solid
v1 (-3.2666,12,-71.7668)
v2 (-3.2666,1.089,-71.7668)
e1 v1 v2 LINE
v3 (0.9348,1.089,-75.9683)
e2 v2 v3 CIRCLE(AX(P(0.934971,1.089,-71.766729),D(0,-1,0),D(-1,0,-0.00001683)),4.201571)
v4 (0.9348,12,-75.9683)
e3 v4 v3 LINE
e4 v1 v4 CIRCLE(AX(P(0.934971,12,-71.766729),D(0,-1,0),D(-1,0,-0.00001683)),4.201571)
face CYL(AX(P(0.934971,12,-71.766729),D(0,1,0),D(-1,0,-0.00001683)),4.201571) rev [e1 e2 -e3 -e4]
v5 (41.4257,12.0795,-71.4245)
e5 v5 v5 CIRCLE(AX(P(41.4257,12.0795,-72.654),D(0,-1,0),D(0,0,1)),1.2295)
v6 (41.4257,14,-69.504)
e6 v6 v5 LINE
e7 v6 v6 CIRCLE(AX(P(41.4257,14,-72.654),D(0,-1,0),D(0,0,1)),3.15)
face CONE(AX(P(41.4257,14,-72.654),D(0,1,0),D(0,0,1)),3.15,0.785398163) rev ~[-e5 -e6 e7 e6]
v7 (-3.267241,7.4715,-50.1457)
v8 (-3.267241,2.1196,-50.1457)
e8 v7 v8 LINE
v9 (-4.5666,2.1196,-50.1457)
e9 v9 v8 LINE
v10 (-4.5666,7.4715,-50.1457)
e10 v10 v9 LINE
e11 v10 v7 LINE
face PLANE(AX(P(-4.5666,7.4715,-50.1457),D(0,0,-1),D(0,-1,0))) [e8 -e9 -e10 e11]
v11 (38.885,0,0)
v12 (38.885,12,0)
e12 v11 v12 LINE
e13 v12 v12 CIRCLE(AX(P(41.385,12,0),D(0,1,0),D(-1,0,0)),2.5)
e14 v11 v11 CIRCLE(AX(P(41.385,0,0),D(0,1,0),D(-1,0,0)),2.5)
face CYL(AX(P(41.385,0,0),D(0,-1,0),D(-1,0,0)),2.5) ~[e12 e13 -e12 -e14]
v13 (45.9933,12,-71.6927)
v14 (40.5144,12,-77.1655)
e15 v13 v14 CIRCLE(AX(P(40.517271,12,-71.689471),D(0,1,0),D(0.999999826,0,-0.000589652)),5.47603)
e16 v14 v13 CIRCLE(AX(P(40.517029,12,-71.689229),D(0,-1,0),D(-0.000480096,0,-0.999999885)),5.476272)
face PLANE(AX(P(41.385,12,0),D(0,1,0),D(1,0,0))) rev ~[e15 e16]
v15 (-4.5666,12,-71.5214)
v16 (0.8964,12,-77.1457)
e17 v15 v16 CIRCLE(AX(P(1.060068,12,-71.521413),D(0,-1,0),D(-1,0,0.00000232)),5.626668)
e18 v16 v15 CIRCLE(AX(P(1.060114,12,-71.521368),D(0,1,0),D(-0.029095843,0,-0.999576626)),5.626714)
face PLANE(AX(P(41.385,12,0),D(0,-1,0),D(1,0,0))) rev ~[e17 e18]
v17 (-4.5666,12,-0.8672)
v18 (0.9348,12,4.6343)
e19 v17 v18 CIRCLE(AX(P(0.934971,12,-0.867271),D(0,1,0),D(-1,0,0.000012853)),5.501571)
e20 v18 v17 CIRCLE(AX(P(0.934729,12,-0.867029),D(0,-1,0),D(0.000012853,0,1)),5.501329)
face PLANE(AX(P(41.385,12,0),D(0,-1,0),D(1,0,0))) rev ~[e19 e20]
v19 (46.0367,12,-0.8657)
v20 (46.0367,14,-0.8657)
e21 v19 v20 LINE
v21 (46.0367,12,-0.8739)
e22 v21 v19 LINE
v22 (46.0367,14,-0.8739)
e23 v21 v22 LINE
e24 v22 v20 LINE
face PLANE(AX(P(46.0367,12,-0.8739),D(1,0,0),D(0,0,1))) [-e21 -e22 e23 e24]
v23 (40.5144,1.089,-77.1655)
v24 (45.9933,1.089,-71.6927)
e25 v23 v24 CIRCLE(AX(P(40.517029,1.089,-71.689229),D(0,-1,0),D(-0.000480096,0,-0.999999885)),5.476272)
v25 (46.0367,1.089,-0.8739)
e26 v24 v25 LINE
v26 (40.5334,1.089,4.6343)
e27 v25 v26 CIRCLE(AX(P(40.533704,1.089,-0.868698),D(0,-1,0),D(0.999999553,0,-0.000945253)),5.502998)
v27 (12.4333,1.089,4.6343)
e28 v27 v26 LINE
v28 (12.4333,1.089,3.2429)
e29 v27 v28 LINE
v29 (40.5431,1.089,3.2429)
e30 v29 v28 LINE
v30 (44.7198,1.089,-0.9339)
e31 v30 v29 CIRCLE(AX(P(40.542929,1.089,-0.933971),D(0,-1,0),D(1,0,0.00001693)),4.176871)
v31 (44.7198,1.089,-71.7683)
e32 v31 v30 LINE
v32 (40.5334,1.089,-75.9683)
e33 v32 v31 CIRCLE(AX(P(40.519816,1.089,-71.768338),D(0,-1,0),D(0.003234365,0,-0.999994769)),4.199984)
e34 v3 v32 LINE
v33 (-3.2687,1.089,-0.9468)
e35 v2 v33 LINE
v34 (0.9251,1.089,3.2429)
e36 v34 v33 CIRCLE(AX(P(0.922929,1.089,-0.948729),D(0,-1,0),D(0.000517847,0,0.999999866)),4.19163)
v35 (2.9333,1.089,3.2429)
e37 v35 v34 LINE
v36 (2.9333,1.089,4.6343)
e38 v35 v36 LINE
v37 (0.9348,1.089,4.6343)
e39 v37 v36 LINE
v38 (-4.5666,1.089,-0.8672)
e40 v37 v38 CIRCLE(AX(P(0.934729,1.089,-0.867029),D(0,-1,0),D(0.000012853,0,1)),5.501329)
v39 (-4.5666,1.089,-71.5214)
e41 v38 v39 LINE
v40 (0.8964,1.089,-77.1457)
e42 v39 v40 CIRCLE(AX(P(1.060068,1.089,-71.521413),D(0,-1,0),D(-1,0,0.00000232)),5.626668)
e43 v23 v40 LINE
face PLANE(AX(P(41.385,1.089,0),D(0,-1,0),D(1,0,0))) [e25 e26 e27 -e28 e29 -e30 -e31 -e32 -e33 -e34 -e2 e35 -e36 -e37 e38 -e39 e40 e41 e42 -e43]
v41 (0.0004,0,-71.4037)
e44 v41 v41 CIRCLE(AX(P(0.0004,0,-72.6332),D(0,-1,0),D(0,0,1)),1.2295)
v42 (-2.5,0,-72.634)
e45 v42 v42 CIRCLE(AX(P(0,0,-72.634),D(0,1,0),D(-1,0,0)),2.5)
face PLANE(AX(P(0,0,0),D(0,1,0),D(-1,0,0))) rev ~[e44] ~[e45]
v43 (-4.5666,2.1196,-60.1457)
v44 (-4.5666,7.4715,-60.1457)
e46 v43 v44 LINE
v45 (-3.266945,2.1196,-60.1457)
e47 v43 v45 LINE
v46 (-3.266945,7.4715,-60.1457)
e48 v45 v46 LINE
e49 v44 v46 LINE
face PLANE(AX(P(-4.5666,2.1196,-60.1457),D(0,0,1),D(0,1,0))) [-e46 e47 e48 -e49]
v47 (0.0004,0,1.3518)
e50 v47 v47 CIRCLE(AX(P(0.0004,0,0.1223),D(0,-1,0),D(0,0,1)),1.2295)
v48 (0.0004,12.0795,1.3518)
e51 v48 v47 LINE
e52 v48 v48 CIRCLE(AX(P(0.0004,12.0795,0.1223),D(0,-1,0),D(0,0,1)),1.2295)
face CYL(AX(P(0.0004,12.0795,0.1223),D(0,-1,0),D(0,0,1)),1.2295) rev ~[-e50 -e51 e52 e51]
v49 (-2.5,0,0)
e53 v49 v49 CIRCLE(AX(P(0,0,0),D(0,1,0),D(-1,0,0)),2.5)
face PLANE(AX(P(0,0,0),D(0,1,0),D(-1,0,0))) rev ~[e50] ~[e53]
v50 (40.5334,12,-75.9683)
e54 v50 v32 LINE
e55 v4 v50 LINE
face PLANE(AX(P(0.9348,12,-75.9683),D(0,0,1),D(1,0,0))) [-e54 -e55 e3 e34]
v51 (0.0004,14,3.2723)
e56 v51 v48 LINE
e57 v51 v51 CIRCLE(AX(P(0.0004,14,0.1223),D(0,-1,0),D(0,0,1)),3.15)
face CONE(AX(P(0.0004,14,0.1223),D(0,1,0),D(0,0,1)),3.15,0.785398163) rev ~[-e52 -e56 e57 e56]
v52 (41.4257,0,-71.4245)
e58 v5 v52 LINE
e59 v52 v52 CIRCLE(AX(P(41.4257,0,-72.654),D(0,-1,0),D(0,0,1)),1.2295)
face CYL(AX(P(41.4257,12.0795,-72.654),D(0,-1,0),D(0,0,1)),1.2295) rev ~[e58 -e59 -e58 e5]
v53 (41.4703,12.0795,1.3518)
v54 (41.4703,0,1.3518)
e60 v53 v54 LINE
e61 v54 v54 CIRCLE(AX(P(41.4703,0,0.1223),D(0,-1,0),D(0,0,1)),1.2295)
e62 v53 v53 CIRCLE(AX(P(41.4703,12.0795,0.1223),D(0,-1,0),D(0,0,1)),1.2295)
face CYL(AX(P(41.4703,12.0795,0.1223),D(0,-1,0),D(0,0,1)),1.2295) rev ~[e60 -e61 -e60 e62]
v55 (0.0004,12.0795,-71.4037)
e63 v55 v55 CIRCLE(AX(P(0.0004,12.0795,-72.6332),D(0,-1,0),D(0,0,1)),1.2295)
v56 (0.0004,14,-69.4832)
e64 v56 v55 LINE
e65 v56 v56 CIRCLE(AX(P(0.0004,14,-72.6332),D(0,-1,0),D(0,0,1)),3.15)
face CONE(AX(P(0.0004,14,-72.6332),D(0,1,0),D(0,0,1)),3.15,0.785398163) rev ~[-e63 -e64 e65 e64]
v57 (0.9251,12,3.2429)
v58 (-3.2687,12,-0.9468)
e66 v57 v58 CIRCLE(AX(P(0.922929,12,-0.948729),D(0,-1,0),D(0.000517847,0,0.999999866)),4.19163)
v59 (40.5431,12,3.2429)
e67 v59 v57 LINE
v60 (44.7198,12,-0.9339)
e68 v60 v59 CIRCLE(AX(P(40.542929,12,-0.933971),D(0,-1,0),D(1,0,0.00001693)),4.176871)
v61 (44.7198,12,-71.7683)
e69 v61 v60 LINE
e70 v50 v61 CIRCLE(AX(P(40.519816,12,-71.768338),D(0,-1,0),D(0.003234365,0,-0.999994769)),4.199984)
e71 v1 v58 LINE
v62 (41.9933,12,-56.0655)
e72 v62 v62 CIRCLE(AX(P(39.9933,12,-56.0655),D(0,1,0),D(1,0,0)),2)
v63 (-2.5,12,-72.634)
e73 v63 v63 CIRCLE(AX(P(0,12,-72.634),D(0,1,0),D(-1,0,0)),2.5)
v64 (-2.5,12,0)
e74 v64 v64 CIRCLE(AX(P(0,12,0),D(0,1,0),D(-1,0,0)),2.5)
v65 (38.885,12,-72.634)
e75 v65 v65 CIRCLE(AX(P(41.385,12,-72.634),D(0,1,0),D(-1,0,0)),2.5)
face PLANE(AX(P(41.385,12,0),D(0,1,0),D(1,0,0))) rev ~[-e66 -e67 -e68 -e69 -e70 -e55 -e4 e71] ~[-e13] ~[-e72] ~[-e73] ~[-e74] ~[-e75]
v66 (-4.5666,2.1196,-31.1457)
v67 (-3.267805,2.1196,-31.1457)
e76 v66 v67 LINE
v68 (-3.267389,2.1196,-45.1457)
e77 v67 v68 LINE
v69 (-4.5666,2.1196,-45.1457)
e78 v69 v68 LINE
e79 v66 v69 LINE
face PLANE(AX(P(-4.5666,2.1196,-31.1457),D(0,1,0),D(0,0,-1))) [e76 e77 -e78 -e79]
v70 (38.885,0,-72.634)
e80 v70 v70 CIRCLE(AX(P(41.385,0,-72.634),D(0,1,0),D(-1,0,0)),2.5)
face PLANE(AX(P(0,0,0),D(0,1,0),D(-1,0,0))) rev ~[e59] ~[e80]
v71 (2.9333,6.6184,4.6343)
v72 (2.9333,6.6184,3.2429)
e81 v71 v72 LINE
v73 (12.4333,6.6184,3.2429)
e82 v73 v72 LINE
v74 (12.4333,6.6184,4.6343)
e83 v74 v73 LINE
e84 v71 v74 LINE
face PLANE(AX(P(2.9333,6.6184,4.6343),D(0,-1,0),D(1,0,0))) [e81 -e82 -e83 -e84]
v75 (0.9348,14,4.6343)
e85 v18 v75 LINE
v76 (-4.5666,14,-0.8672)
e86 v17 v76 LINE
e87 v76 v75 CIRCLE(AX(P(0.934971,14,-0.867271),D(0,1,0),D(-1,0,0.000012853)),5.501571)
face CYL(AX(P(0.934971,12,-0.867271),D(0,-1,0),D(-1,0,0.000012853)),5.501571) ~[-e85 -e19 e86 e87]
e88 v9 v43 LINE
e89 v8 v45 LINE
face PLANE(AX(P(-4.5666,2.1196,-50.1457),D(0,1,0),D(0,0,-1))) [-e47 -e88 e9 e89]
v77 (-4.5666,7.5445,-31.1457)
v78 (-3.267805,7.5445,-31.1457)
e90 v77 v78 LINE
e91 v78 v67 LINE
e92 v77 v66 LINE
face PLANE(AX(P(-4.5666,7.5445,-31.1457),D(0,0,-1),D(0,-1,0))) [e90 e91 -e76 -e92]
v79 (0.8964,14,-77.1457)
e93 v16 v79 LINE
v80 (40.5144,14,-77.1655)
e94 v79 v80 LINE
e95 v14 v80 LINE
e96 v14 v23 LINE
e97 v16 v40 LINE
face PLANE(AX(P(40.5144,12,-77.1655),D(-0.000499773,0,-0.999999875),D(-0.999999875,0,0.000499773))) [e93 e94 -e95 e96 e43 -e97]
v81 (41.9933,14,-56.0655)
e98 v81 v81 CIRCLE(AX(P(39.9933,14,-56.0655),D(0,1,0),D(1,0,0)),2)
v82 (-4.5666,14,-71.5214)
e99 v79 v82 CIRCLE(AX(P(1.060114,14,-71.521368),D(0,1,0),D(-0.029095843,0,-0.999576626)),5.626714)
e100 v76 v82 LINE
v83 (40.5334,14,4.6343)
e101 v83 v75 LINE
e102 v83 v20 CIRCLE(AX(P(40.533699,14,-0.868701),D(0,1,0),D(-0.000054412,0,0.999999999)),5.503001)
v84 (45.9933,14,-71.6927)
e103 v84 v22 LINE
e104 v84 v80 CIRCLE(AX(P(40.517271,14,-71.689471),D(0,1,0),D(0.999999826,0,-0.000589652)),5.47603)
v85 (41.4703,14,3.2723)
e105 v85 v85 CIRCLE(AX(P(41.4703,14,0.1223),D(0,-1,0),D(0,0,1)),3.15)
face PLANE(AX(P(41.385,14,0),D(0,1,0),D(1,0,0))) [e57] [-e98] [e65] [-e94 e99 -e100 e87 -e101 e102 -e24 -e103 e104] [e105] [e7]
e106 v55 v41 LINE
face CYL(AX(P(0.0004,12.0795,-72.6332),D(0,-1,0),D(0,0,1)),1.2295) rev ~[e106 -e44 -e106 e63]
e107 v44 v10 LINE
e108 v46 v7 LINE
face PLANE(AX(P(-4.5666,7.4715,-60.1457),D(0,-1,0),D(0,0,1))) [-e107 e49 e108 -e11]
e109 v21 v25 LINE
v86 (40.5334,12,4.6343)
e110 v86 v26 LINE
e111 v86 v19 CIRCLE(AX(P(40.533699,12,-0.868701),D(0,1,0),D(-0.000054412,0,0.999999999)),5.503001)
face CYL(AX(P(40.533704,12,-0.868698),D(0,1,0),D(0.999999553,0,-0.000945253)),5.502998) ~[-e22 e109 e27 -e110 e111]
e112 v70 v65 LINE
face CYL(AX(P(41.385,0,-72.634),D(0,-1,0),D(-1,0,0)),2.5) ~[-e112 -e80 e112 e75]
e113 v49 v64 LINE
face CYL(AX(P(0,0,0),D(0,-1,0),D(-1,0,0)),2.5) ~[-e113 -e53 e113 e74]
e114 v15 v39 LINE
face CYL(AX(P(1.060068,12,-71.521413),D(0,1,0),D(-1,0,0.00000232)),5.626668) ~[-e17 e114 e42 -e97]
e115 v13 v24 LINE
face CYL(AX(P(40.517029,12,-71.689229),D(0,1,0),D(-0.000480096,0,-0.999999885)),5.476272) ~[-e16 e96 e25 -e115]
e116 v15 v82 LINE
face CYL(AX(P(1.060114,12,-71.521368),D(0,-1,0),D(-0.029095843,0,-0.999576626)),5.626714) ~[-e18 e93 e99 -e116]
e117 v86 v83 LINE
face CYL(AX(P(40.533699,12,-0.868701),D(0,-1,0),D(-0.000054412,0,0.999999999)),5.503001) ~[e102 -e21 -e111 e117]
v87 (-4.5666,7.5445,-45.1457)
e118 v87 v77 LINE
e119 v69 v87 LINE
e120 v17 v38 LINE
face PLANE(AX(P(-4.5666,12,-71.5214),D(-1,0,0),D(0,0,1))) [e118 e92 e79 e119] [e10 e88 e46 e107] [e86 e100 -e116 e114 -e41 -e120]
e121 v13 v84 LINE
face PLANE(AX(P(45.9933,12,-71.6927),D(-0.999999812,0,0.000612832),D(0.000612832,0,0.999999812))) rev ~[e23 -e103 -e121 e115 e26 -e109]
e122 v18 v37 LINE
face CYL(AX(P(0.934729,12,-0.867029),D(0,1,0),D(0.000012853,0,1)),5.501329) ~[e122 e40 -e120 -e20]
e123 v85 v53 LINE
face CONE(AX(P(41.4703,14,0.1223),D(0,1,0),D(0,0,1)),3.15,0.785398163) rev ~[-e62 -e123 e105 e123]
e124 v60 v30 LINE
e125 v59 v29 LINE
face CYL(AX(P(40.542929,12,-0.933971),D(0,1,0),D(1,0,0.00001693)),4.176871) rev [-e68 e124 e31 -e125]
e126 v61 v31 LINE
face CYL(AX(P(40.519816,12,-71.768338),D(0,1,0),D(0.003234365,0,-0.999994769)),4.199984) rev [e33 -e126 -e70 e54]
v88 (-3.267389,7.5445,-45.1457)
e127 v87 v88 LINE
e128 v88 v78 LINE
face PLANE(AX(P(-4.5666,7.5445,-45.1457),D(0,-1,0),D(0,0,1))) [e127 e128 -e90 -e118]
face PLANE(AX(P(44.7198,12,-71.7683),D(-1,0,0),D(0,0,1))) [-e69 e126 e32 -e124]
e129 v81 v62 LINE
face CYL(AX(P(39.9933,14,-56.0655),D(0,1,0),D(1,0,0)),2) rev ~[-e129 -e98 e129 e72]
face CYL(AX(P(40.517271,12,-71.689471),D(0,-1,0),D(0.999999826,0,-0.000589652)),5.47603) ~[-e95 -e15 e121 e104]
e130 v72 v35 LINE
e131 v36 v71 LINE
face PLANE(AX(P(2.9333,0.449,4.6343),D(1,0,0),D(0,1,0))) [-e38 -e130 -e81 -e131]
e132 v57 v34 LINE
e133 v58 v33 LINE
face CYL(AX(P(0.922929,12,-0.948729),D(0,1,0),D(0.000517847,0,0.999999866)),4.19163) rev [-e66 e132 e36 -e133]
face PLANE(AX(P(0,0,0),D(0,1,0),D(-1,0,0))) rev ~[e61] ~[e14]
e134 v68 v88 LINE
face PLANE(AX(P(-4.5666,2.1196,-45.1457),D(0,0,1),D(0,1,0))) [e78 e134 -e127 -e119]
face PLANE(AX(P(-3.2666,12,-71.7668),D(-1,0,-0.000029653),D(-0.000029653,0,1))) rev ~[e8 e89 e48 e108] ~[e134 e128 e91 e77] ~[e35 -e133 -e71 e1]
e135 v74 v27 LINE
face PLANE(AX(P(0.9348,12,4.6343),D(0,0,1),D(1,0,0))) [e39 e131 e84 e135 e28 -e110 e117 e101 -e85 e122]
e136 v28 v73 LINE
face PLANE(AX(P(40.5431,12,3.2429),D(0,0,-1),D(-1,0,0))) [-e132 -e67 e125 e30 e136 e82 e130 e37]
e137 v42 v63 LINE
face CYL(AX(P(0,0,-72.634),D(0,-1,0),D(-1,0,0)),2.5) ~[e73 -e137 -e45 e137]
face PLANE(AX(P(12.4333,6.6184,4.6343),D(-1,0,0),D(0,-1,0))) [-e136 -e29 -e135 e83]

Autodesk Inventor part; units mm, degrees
ref_plane "YZ Plane" through (0, 0, 0) normal (1, 0, 0) x (0, 1, 0)
ref_plane "XZ Plane" through (0, 0, 0) normal (0, 1, 0) x (-1, 0, 0)
ref_plane "XY Plane" through (0, 0, 0) normal (0, 0, 1) x (1, 0, 0)
sketch "Эскиз1" plane through (0, 0, 0) normal (0, 1, 0) x (-1, 0, 0)
  circle A0 centre (0, 0) radius 2.5
  circle A1 centre (0, -72.634) radius 2.5
  circle A2 centre (-41.385, 0) radius 2.5
  circle A3 centre (-41.385, -72.634) radius 2.5
  dimension "d1" = 5
  dimension "d3" = 5
  dimension "d5" = 5
  dimension "d7" = 5
extrude "Выдавливание1" add sketch "Эскиз1" along normal blind 12
sketch "Эскиз2" plane through (41.385, 12, 0) normal (0, 1, 0) x (1, 0, 0)
  arc A0 (-44.6516, 0.8672) -> (-40.4502, -3.3343) centre (-40.4502, 0.8672) ccw
  arc A1 (-40.4599, 75.8769) -> (-44.6537, 71.6872) centre (-40.462, 71.6851) ccw
  arc A2 (3.3348, 71.7001) -> (-0.8419, 75.8769) centre (-0.8419, 71.7001) ccw
  arc A3 (-0.8516, -3.3343) -> (3.3348, 0.8657) centre (-0.8652, 0.8657) ccw
  line L0 (-40.4502, -3.3343) -> (-0.8516, -3.3343)
  line L1 (3.3348, 0.8657) -> (3.3348, 71.7001)
  line L2 (-0.8419, 75.8769) -> (-40.4599, 75.8769)
  arc A4 (-45.9516, 0.8672) -> (-40.4502, -4.6343) centre (-40.4502, 0.8672) ccw
  arc A5 (4.6083, 71.6927) -> (-0.8706, 77.1655) centre (-0.8679, 71.6894) ccw
  arc A6 (-0.8516, -4.6343) -> (4.6517, 0.8657) centre (-0.8513, 0.8687) ccw
  line L3 (-45.9516, 0.8672) -> (-45.9516, 71.5214)
  line L4 (-40.4886, 77.1457) -> (-0.8706, 77.1655)
  line L5 (4.6083, 71.6927) -> (4.6517, 0.8739)
  line L6 (-0.8516, -4.6343) -> (-40.4502, -4.6343)
  line L7 (-44.6516, 0.8672) -> (-44.6537, 71.6872)
  circle A7 centre (0, 72.634) radius 1.5
  circle A8 centre (0, 72.634) radius 1.5 projected
  line L8 (4.6517, 0.8739) -> (4.6517, 0.8657)
  line L9 (-40.4886, 77.1457) -> (-24.1126, 77.1457) construction
  arc A9 (-40.4886, 77.1457) -> (-45.9516, 71.5214) centre (-40.3249, 71.5214) ccw
  point P0 (-41.385, 0)
extrude "Выдавливание2" add sketch "Эскиз2" along normal blind 2 contours L7 A1 L2 A2 L1 A3 L0 A0 | L3 A9 L4 A5 L5 L8 A6 L6 A4 | A7
sketch "Эскиз4" plane through (41.385, 12, 0) normal (0, -1, 0) x (1, 0, 0)
  arc A0 (-44.6516, -71.7668) -> (-40.4502, -75.9683) centre (-40.4502, -71.7668) ccw
  arc A1 (-40.4599, 3.2429) -> (-44.6537, -0.9468) centre (-40.462, -0.9489) ccw
  arc A2 (3.3348, -0.9339) -> (-0.8419, 3.2429) centre (-0.8419, -0.9339) ccw
  arc A3 (-0.8516, -75.9683) -> (3.3348, -71.7683) centre (-0.8652, -71.7683) ccw
  line L0 (-40.4502, -75.9683) -> (-0.8516, -75.9683)
  line L1 (3.3348, -71.7683) -> (3.3348, -0.9339)
  line L2 (-0.8419, 3.2429) -> (-40.4599, 3.2429)
  line L3 (-44.6516, -71.7668) -> (-44.6537, -0.9468)
  arc A4 (4.6517, -0.8739) -> (-0.8516, 4.6343) centre (-0.8513, -0.8687) ccw projected
  line L4 (-0.8706, -77.1655) -> (-40.4886, -77.1457) projected
  line L5 (-40.4886, -77.1457) -> (-0.8706, -77.1655)
  arc A5 (-45.9516, -71.5214) -> (-40.4886, -77.1457) centre (-40.3249, -71.5214) ccw projected
  line L6 (-45.9516, -71.5214) -> (-45.9516, -0.8739)
  line L7 (-40.4502, 4.6343) -> (-0.8516, 4.6343) projected
  line L8 (-40.4502, 4.6343) -> (-0.8516, 4.6343)
  arc A6 (4.6517, -0.8739) -> (-0.8516, 4.6343) centre (-0.8513, -0.8687) ccw
  arc A7 (-0.8706, -77.1655) -> (4.6083, -71.6927) centre (-0.8679, -71.6894) ccw projected
  line L9 (4.6083, -71.6927) -> (4.6517, -0.8739)
  arc A8 (-0.8706, -77.1655) -> (4.6083, -71.6927) centre (-0.8679, -71.6894) ccw projected
  line L10 (4.6517, -0.8739) -> (4.6083, -71.6927) projected
  arc A9 (-0.8706, -77.1655) -> (4.6083, -71.6927) centre (-0.8679, -71.6894) ccw
  arc A10 (-45.9516, -71.5214) -> (-40.4886, -77.1457) centre (-40.3249, -71.5214) ccw projected
  arc A11 (-40.4502, 4.6343) -> (-45.9516, -0.8672) centre (-40.4502, -0.8672) ccw projected
  arc A12 (-40.4502, 4.6343) -> (-45.9516, -0.8672) centre (-40.4502, -0.8672) ccw
  arc A13 (-45.9516, -71.5214) -> (-40.4886, -77.1457) centre (-40.3249, -71.5214) ccw
  arc A14 (-40.4502, 4.6343) -> (-45.9516, -0.8672) centre (-40.4502, -0.8672) ccw projected
  line L11 (-45.9516, -0.8739) -> (-45.9516, -0.8672)
  point P0 (-41.385, 0)
extrude "Выдавливание4" add sketch "Эскиз4" along normal blind 10.911
sketch "Эскиз5" plane through (-4.5666, 14, -71.5214) normal (-1, 0, 0) x (0, 0, 1)
  line L0 (11.3757, -6.5285) -> (21.3757, -6.5285)
  line L1 (21.3757, -6.5285) -> (21.3757, -11.8804)
  line L2 (21.3757, -11.8804) -> (11.3757, -11.8804)
  line L3 (11.3757, -11.8804) -> (11.3757, -6.5285)
  line L4 (-5.6243, -12.911) -> (-5.6243, 0) projected
  line L5 (26.3757, -6.4555) -> (40.3757, -6.4555)
  line L6 (40.3757, -6.4555) -> (40.3757, -11.8804)
  line L7 (40.3757, -11.8804) -> (26.3757, -11.8804)
  line L8 (26.3757, -11.8804) -> (26.3757, -6.4555)
  point P0 (71.5214, -14)
  dimension "d19" = 17
  dimension "d20" = 27
  dimension "d23" = 32
  dimension "d24" = 46
extrude "Выдавливание5" cut sketch "Эскиз5" against normal blind 10
sketch "Эскиз6" plane through (0.9348, 14, 4.6343) normal (0, 0, 1) x (1, 0, 0)
  line L0 (1.9985, -7.3816) -> (11.4985, -7.3816)
  line L1 (11.4985, -7.3816) -> (11.4985, -13.551)
  line L2 (11.4985, -13.551) -> (1.9985, -13.551)
  line L3 (1.9985, -13.551) -> (1.9985, -7.3816)
  line L4 (-5.5015, -12.911) -> (-5.5015, 0) projected
  point P0 (-0.9348, -14)
  dimension "d25" = 7.5
  dimension "d26" = 17
extrude "Выдавливание6" cut sketch "Эскиз6" against normal blind 10
sketch "Эскиз7" plane through (41.385, 14, 0) normal (0, 1, 0) x (1, 0, 0)
  line L0 (-0.8706, 77.1655) -> (-40.4886, 77.1457) projected
  line L1 (4.6083, 71.6927) -> (4.6517, 0.8739) projected
  circle A0 centre (-1.3917, 56.0655) radius 2
  point P0 (-41.385, 0)
  dimension "d31" = 4
extrude "Выдавливание7" cut sketch "Эскиз7" against normal blind 10
sketch "Эскиз8" plane through (41.385, 14, 0) normal (0, 1, 0) x (1, 0, 0)
  point P0 (-41.3846, 72.6332)
hole "Отверстие1" at (0.0004, 14, -72.6332) direction (0, -1, 0) diameter 2.459 depth 21.1198 tip angle 120 countersink diameter 6.3 countersink angle 90 thread size "M3x0.5" class "6H" standard "ISO Metric profile"
sketch "Эскиз9" plane through (41.385, 14, 0) normal (0, 1, 0) x (1, 0, 0)
  point P0 (0.0407, 72.654)
hole "Отверстие2" at (41.4257, 14, -72.654) direction (0, -1, 0) diameter 2.459 depth 21.1847 tip angle 120 countersink diameter 6.3 countersink angle 90 thread size "M3x0.5" class "6H" standard "ISO Metric profile"
sketch "Эскиз10" plane through (41.385, 14, 0) normal (0, 1, 0) x (1, 0, 0)
  point P0 (0.0853, -0.1223)
hole "Отверстие3" at (41.4703, 14, 0.1223) direction (0, -1, 0) diameter 2.459 depth 21.5662 tip angle 120 countersink diameter 6.3 countersink angle 90 thread size "M3x0.5" class "6H" standard "ISO Metric profile"
sketch "Эскиз11" plane through (41.385, 14, 0) normal (0, 1, 0) x (1, 0, 0)
  point P0 (-41.3846, -0.1223)
hole "Отверстие4" at (0.0004, 14, 0.1223) direction (0, -1, 0) diameter 2.459 depth 21.6826 tip angle 120 countersink diameter 6.3 countersink angle 90 thread size "M3x0.5" class "6H" standard "ISO Metric profile"
properties part number "Крышка" material "Пластик АБС"
